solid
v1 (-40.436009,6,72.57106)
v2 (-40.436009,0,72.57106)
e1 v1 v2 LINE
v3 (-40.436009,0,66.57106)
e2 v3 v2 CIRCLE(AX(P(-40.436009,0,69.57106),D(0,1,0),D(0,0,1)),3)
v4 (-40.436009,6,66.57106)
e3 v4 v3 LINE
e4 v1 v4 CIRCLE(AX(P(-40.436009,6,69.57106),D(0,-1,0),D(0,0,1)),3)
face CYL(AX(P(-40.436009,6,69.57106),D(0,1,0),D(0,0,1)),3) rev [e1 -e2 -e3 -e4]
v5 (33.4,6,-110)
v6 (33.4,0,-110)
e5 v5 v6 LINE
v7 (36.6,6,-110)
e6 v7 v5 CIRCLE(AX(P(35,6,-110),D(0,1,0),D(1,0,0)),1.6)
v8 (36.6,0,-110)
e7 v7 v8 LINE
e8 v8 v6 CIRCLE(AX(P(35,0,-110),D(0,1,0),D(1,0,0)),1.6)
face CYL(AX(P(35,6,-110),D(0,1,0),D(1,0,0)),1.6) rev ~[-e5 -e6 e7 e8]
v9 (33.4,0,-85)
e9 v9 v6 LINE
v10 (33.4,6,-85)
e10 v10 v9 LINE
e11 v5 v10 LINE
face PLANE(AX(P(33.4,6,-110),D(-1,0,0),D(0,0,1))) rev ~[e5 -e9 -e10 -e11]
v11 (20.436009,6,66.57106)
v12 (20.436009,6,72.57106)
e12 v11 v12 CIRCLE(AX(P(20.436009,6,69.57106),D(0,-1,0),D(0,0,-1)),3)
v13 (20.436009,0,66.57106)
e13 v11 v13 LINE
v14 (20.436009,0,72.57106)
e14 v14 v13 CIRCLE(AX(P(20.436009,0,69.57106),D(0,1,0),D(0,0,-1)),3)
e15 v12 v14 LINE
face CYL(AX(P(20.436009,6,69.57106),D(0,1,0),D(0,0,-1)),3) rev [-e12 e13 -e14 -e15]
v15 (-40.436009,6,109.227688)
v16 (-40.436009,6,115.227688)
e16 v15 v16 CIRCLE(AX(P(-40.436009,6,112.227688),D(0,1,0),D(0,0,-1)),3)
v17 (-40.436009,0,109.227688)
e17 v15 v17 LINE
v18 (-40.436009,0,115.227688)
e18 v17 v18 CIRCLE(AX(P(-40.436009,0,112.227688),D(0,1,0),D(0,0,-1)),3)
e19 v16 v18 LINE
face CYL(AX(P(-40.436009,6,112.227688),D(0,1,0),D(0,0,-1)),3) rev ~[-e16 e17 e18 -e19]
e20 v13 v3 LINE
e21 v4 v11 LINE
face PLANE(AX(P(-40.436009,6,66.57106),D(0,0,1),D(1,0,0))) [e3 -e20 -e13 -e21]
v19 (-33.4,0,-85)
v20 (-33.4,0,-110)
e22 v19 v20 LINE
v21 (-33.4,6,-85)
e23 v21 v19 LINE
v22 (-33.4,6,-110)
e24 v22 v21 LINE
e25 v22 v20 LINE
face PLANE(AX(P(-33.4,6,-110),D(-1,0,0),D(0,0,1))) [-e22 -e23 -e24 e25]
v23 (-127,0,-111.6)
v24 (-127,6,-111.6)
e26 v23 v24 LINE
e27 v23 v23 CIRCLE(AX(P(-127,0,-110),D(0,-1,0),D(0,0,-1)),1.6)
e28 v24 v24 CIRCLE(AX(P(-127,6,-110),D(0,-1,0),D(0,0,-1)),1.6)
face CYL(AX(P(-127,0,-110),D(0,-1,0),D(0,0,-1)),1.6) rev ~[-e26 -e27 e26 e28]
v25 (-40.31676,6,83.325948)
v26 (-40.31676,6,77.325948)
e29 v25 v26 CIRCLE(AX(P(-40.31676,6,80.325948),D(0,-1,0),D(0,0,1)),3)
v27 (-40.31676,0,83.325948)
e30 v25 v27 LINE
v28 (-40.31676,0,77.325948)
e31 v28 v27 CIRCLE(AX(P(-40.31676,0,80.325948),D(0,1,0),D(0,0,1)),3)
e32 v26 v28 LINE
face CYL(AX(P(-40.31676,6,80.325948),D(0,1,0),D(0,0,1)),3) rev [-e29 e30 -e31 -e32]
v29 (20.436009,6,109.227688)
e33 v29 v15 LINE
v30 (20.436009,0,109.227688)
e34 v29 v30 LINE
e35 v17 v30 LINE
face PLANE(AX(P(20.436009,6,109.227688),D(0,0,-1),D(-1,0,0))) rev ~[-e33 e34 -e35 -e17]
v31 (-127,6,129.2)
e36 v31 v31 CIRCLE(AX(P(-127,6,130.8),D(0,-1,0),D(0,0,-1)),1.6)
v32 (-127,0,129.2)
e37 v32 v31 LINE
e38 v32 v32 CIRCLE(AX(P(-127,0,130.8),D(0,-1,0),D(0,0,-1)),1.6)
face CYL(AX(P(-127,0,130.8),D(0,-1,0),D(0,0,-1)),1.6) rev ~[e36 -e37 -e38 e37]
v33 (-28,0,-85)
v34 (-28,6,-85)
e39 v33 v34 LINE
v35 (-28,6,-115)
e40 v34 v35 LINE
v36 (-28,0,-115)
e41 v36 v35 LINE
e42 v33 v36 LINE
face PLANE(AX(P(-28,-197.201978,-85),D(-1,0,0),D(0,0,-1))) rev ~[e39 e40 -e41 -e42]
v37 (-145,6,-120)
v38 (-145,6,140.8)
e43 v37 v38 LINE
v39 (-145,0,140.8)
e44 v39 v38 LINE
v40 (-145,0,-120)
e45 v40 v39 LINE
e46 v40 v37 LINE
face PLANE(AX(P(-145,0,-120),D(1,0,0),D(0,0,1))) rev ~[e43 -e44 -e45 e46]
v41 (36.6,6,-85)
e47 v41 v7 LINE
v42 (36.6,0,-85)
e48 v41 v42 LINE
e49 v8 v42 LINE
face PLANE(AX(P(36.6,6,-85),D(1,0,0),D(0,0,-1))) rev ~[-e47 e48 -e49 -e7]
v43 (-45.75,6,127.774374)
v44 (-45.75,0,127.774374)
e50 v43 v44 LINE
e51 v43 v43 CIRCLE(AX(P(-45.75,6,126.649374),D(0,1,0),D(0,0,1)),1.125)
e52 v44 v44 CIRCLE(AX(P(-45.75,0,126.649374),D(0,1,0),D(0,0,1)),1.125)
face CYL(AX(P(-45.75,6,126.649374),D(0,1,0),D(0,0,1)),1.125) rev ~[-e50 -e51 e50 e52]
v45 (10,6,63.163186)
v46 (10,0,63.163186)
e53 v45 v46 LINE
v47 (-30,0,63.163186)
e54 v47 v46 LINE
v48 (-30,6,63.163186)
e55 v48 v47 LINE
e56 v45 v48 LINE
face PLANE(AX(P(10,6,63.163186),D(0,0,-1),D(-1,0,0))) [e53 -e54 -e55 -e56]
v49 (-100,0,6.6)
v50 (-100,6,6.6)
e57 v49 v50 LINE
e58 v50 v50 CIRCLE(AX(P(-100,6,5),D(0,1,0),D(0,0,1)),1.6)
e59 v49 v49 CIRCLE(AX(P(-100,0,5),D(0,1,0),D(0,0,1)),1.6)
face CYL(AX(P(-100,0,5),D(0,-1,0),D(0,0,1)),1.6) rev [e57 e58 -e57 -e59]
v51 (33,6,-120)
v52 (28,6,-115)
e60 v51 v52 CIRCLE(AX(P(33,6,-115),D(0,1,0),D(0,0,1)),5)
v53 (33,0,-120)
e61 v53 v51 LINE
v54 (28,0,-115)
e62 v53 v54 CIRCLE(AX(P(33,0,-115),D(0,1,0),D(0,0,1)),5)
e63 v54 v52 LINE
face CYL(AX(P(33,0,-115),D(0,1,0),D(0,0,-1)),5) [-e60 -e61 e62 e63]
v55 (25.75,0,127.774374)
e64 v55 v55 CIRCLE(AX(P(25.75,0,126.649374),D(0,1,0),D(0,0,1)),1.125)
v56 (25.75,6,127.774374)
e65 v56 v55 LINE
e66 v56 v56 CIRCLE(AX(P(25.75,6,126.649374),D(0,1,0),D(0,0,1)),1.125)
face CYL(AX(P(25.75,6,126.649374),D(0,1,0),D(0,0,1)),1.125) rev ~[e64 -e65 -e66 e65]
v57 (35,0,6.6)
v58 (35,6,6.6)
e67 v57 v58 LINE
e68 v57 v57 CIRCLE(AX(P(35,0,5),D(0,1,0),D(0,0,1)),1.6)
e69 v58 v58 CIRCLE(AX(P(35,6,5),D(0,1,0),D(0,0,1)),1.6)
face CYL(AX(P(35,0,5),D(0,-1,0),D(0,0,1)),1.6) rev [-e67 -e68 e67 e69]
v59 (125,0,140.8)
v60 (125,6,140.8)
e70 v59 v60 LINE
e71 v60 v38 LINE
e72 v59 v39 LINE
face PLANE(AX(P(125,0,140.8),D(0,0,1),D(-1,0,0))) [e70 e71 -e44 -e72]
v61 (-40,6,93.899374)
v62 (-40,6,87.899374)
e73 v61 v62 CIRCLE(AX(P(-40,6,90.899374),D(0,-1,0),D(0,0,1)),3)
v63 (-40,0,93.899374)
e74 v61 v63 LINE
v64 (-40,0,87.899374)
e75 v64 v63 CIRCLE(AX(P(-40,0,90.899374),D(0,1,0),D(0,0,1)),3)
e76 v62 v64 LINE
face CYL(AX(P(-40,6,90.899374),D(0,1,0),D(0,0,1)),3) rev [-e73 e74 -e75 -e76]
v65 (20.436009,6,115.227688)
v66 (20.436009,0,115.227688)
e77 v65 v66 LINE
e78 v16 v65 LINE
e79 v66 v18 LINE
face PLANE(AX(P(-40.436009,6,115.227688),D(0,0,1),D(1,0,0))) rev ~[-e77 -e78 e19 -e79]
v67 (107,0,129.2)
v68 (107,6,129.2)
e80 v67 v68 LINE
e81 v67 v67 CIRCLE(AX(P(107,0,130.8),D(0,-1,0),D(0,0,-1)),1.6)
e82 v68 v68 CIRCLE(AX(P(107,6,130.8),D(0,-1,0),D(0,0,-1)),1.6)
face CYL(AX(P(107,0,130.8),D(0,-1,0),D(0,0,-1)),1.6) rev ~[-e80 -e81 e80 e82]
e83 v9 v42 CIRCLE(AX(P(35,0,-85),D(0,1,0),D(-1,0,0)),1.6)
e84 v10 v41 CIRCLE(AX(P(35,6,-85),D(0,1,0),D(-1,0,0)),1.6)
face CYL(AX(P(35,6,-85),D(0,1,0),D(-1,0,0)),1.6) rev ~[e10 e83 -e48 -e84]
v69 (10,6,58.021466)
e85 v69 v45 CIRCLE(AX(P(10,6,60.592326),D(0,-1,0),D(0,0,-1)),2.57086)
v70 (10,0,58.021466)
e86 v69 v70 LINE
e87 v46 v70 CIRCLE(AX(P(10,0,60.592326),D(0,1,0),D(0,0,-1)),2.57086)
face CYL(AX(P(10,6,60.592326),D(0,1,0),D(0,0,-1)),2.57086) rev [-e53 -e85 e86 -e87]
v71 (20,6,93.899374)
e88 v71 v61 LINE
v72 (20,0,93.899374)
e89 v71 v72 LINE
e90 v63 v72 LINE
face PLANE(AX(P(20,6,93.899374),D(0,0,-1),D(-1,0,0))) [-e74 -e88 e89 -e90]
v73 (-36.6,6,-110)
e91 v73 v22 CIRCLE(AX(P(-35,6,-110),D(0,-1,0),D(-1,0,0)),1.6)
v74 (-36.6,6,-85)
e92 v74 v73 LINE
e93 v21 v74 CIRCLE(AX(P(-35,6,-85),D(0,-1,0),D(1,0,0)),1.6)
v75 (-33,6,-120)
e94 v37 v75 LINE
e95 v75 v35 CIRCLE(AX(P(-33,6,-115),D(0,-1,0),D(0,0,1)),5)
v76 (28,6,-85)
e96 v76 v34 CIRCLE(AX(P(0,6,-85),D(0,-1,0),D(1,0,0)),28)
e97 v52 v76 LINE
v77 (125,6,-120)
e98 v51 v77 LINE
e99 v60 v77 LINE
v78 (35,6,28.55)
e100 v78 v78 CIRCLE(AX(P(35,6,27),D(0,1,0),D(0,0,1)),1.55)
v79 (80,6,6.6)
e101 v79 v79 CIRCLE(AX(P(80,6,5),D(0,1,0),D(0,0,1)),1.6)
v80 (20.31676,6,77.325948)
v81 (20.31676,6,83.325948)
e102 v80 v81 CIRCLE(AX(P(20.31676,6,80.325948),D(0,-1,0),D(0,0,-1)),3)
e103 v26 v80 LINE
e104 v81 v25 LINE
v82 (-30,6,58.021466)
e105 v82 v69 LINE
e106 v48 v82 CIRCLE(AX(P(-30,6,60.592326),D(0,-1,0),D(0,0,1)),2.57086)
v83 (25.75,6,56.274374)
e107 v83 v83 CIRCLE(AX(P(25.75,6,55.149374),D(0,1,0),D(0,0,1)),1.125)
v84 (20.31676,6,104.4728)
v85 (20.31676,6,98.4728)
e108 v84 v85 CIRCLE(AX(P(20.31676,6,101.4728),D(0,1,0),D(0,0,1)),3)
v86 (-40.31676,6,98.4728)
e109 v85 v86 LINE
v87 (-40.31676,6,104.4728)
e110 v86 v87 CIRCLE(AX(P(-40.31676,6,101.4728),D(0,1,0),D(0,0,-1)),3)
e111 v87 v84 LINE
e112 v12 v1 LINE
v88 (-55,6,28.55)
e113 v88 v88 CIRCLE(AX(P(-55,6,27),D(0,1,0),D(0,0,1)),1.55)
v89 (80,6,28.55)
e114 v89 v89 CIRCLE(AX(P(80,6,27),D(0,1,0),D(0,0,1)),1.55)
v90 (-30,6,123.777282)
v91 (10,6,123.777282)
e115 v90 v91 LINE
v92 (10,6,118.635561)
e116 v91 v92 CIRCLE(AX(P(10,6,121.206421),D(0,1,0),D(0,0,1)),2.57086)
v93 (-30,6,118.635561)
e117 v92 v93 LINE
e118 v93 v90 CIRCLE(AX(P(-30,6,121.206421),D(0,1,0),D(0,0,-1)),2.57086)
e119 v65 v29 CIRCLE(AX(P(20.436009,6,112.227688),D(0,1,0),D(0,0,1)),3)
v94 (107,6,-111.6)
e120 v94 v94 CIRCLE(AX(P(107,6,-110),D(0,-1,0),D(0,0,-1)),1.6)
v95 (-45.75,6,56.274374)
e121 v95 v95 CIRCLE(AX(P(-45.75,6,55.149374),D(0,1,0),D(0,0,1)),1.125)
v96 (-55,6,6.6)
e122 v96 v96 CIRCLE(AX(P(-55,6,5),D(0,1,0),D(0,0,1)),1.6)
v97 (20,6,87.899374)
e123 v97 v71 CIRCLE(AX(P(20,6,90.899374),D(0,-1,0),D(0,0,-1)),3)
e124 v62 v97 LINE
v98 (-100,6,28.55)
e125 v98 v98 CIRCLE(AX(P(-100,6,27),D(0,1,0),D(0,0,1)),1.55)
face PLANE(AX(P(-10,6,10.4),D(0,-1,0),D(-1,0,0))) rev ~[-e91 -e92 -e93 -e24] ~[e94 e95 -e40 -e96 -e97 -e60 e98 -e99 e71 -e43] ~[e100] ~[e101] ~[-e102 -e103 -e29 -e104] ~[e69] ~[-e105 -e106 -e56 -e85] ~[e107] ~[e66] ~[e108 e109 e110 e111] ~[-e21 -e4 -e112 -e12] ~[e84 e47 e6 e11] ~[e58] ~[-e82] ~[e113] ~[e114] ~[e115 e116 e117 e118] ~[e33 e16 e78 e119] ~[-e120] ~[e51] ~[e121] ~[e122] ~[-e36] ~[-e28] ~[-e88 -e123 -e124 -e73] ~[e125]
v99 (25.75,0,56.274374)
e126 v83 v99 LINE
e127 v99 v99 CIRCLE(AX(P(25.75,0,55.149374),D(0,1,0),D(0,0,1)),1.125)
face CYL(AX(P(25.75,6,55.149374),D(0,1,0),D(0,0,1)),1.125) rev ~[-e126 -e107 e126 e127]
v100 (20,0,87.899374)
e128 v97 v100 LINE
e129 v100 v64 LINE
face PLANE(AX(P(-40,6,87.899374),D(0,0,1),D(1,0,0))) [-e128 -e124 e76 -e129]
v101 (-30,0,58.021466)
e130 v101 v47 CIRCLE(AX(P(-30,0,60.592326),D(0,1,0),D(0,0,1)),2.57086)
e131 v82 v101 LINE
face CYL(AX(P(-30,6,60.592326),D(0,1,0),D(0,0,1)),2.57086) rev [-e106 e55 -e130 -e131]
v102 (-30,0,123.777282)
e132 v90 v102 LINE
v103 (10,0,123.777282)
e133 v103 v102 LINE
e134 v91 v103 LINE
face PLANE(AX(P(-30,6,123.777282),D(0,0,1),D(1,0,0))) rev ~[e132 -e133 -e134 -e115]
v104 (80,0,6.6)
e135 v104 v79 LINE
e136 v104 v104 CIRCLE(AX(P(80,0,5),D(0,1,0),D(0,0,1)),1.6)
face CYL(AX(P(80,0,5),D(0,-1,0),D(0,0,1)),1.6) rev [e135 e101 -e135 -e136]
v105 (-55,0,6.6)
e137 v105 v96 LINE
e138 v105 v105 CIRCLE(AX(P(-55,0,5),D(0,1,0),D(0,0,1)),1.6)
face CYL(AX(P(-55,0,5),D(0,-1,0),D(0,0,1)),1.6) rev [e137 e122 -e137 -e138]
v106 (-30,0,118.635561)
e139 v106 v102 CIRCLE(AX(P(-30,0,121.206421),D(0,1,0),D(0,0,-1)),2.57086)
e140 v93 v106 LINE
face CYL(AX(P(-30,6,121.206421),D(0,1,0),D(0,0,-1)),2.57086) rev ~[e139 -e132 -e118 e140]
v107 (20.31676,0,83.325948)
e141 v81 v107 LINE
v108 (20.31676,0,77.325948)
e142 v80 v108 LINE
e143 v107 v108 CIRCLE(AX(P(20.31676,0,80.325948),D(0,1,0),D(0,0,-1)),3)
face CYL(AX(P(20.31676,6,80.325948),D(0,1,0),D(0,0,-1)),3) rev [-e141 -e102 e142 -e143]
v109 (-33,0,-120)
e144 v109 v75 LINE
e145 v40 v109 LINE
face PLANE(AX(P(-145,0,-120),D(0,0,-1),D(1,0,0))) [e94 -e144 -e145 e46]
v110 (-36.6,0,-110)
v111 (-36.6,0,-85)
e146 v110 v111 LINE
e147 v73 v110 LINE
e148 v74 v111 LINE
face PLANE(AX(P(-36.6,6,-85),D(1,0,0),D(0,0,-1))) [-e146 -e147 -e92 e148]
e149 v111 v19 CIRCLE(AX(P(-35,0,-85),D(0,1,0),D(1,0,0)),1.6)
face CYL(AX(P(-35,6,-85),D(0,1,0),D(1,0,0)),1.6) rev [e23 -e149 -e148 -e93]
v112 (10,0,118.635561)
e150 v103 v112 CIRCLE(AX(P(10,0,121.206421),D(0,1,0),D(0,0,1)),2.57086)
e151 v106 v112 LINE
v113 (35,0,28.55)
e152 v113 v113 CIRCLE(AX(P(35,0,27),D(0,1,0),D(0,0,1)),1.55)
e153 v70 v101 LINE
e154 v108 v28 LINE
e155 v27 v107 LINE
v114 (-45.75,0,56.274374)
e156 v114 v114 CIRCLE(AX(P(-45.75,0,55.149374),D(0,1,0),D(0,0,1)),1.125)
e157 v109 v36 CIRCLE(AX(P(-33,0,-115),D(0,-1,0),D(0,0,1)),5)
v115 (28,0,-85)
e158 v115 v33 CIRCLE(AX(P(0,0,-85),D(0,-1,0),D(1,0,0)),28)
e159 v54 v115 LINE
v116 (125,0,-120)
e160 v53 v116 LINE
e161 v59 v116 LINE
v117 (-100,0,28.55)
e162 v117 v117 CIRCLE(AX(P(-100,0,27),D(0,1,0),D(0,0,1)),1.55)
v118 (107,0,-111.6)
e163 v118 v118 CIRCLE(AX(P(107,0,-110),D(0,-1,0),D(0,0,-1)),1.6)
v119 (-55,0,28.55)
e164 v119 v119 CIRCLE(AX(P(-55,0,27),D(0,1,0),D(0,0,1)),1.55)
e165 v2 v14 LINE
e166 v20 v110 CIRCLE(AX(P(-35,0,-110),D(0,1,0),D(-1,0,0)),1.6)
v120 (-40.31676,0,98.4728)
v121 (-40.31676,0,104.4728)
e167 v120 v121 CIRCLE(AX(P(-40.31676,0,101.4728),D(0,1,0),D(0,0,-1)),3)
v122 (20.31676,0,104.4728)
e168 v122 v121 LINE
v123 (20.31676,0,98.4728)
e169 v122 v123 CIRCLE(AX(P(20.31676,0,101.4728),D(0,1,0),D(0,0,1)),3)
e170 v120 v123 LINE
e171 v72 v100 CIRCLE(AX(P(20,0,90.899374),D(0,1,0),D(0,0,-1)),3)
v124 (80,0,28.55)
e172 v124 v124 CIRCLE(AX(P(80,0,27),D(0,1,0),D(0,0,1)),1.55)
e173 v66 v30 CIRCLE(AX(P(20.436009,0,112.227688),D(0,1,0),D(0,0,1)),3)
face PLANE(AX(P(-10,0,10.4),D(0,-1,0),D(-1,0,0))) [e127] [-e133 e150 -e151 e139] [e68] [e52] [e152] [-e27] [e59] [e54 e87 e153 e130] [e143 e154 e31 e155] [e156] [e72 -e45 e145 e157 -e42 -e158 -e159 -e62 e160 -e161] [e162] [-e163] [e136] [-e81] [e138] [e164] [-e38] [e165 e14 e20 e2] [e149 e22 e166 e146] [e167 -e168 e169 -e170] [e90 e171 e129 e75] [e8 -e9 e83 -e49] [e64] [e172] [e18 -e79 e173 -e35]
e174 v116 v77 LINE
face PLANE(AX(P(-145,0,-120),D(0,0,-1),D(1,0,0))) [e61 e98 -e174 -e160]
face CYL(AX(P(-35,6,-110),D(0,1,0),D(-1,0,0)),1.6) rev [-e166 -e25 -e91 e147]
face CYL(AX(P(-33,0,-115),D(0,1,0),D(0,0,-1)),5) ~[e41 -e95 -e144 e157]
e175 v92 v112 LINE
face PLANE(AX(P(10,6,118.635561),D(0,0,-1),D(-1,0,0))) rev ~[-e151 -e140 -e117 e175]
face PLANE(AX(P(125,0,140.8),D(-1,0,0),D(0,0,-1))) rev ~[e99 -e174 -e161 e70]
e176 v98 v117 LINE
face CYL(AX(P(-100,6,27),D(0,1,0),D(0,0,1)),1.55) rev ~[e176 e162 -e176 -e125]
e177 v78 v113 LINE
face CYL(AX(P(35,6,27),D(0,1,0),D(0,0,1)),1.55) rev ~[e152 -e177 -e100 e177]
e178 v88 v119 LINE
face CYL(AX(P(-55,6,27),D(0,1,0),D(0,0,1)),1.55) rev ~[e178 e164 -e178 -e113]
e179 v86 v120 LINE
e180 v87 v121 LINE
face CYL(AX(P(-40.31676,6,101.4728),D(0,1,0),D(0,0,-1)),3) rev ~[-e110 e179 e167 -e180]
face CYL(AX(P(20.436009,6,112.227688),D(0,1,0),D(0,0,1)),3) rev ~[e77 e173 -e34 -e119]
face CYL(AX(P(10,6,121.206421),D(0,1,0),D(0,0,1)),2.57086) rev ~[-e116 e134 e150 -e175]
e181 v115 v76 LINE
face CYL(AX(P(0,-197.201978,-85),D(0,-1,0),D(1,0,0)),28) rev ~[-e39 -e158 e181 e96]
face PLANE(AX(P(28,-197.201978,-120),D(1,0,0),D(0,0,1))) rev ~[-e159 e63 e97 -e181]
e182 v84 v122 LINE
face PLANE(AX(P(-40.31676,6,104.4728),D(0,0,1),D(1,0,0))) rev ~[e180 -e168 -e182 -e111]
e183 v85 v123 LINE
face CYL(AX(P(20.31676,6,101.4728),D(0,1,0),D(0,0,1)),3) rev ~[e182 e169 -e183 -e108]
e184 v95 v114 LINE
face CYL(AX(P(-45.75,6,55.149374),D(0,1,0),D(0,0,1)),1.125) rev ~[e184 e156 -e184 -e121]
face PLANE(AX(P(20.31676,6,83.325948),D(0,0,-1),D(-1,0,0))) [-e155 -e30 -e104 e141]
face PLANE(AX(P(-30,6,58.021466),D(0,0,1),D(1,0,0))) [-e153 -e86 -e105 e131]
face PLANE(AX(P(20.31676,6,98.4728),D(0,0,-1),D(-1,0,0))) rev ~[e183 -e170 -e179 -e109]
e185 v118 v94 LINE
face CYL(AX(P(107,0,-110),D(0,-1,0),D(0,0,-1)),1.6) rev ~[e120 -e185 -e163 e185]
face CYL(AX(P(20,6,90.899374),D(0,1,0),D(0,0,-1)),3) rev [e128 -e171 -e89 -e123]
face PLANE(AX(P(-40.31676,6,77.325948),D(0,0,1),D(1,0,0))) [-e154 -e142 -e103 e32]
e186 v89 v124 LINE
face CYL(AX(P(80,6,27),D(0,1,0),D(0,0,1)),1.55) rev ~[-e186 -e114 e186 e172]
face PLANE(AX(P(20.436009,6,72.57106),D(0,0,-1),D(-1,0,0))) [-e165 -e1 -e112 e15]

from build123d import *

# Parameters (mm, degrees)
SKETCH1_R               = 1.6
BOSS_EXTRUDE1_DEPTH     = 6
CUT_EXTRUDE1_DEPTH      = 203.20197823
CUT_EXTRUDE1_DEPTH_BACK = 203.20197823
SKETCH4_R               = 1.6
CUT_EXTRUDE2_DEPTH      = 10
CUT_EXTRUDE3_DEPTH      = 10
FILLET1_R               = 5
SKETCH6_R               = 1.125
CUT_EXTRUDE4_DEPTH      = 10
SKETCH7_R               = 1.55
CUT_EXTRUDE5_DEPTH      = 10


with BuildPart() as part:
    # Sketch1 → Boss-Extrude1 (new body)
    with BuildSketch(Plane(origin=(0, 0, 0), x_dir=(1, 0, 0), z_dir=(0, 1, 0))):
        Polygon((-145, 120), (125, 120), (125, -100.8), (125, -140.8), (-145, -140.8), (-145, -100.8), align=None)
        with Locations(Location((-100, -5, 0), (0, 0, 270))):
            Circle(SKETCH1_R, mode=Mode.SUBTRACT)
        with Locations(Location((80, -5, 0), (0, 0, 270))):
            Circle(SKETCH1_R, mode=Mode.SUBTRACT)
        with Locations(Location((-55, -5, 0), (0, 0, 270))):
            Circle(SKETCH1_R, mode=Mode.SUBTRACT)
        with Locations(Location((35, -5, 0), (0, 0, 270))):
            Circle(SKETCH1_R, mode=Mode.SUBTRACT)
    extrude(amount=BOSS_EXTRUDE1_DEPTH)

    # Sketch3 → Cut-Extrude1 (cut, two sides: drawn at the far end of the back side and taken through both)
    with BuildSketch(Plane(origin=(0, 6, 0), x_dir=(1, 0, 0), z_dir=(0, 1, 0)).offset(-CUT_EXTRUDE1_DEPTH_BACK)):
        with BuildLine():
            Line((-28, 85), (-28, 120))
            Line((-28, 120), (28, 120))
            Line((28, 120), (28, 85))
            ThreePointArc((28, 85), (0, 57), (-28, 85))
        make_face()
    extrude(amount=CUT_EXTRUDE1_DEPTH + CUT_EXTRUDE1_DEPTH_BACK, mode=Mode.SUBTRACT)

    # Sketch4 → Cut-Extrude2 (cut)
    with BuildSketch(Plane.XZ):
        with Locations(Location((107, -110, 0), (0, 0, 270))):
            Circle(SKETCH4_R)
        with Locations(Location((-127, -110, 0), (0, 0, 270))):
            Circle(SKETCH4_R)
        with Locations(Location((107, 130.8, 0), (0, 0, 270))):
            Circle(SKETCH4_R)
        with Locations(Location((-127, 130.8, 0), (0, 0, 270))):
            Circle(SKETCH4_R)
    extrude(amount=-CUT_EXTRUDE2_DEPTH, mode=Mode.SUBTRACT)

    # Sketch5 → Cut-Extrude3 (cut)
    with BuildSketch(Plane(origin=(0, 6, 0), x_dir=(1, 0, 0), z_dir=(0, 1, 0))):
        with BuildLine():
            Line((-33.4, 110), (-33.4, 85))
            ThreePointArc((-33.4, 85), (-35, 83.4), (-36.6, 85))
            Line((-36.6, 85), (-36.6, 110))
            ThreePointArc((-36.6, 110), (-35, 111.6), (-33.4, 110))
        make_face()
        with BuildLine():
            Line((33.4, 110), (33.4, 85))
            ThreePointArc((33.4, 85), (35, 83.4), (36.6, 85))
            Line((36.6, 85), (36.6, 110))
            ThreePointArc((36.6, 110), (35, 111.6), (33.4, 110))
        make_face()
    extrude(amount=-CUT_EXTRUDE3_DEPTH, mode=Mode.SUBTRACT)

    # Fillet1
    fillet1_edges = [part.edges().sort_by_distance(p)[0] for p in [
        (-28, 3, -120),
        (28, 3, -120),
    ]]
    fillet(fillet1_edges, radius=FILLET1_R)

    # Sketch6 → Cut-Extrude4 (cut)
    with BuildSketch(Plane(origin=(0, 6, 0), x_dir=(1, 0, 0), z_dir=(0, 1, 0))):
        with Locations(Location((25.75, -55.149373751, 0), (0, 0, 270))):
            Circle(SKETCH6_R)
        with Locations(Location((-45.75, -55.149373751, 0), (0, 0, 270))):
            Circle(SKETCH6_R)
        with Locations(Location((-45.75, -126.649373751, 0), (0, 0, 270))):
            Circle(SKETCH6_R)
        with Locations(Location((25.75, -126.649373751, 0), (0, 0, 270))):
            Circle(SKETCH6_R)
        with BuildLine():
            Line((-40, -87.899373751), (20, -87.899373751))
            ThreePointArc((20, -87.899373751), (23, -90.899373751), (20, -93.899373751))
            Line((20, -93.899373751), (-40, -93.899373751))
            ThreePointArc((-40, -93.899373751), (-43, -90.899373751), (-40, -87.899373751))
        make_face()
        with BuildLine():
            Line((-40.316760433, -77.325947728), (20.316760433, -77.325947728))
            ThreePointArc((20.316760433, -77.325947728), (23.316760433, -80.325947728), (20.316760433, -83.325947728))
            Line((20.316760433, -83.325947728), (-40.316760433, -83.325947728))
            ThreePointArc((-40.316760433, -83.325947728), (-43.316760433, -80.325947728), (-40.316760433, -77.325947728))
        make_face()
        with BuildLine():
            Line((-40.436008981, -66.571059525), (20.436008981, -66.571059525))
            ThreePointArc((20.436008981, -66.571059525), (23.436008981, -69.571059525), (20.436008981, -72.571059525))
            Line((20.436008981, -72.571059525), (-40.436008981, -72.571059525))
            ThreePointArc((-40.436008981, -72.571059525), (-43.436008981, -69.571059525), (-40.436008981, -66.571059525))
        make_face()
        with BuildLine():
            Line((-30, -58.021465569), (10, -58.021465569))
            ThreePointArc((10, -58.021465569), (12.570860459, -60.592326028), (10, -63.163186487))
            Line((10, -63.163186487), (-30, -63.163186487))
            ThreePointArc((-30, -63.163186487), (-32.570860459, -60.592326028), (-30, -58.021465569))
        make_face()
        with BuildLine():
            Line((-30, -123.777281933), (10, -123.777281933))
            ThreePointArc((10, -123.777281933), (12.570860459, -121.206421475), (10, -118.635561016))
            Line((10, -118.635561016), (-30, -118.635561016))
            ThreePointArc((-30, -118.635561016), (-32.570860459, -121.206421475), (-30, -123.777281933))
        make_face()
        with BuildLine():
            Line((-40.436008981, -115.227687978), (20.436008981, -115.227687978))
            ThreePointArc((20.436008981, -115.227687978), (23.436008981, -112.227687978), (20.436008981, -109.227687978))
            Line((20.436008981, -109.227687978), (-40.436008981, -109.227687978))
            ThreePointArc((-40.436008981, -109.227687978), (-43.436008981, -112.227687978), (-40.436008981, -115.227687978))
        make_face()
        with BuildLine():
            Line((-40.316760433, -104.472799775), (20.316760433, -104.472799775))
            ThreePointArc((20.316760433, -104.472799775), (23.316760433, -101.472799775), (20.316760433, -98.472799775))
            Line((20.316760433, -98.472799775), (-40.316760433, -98.472799775))
            ThreePointArc((-40.316760433, -98.472799775), (-43.316760433, -101.472799775), (-40.316760433, -104.472799775))
        make_face()
    extrude(amount=-CUT_EXTRUDE4_DEPTH, mode=Mode.SUBTRACT)

    # Sketch7 → Cut-Extrude5 (cut)
    with BuildSketch(Plane(origin=(0, 6, 0), x_dir=(1, 0, 0), z_dir=(0, 1, 0))):
        with Locations(Location((-100, -27, 0), (0, 0, 270))):
            Circle(SKETCH7_R)
        with Locations(Location((-55, -27, 0), (0, 0, 270))):
            Circle(SKETCH7_R)
        with Locations(Location((35, -27, 0), (0, 0, 270))):
            Circle(SKETCH7_R)
        with Locations(Location((80, -27, 0), (0, 0, 270))):
            Circle(SKETCH7_R)
    extrude(amount=-CUT_EXTRUDE5_DEPTH, mode=Mode.SUBTRACT)


solid = part.part
